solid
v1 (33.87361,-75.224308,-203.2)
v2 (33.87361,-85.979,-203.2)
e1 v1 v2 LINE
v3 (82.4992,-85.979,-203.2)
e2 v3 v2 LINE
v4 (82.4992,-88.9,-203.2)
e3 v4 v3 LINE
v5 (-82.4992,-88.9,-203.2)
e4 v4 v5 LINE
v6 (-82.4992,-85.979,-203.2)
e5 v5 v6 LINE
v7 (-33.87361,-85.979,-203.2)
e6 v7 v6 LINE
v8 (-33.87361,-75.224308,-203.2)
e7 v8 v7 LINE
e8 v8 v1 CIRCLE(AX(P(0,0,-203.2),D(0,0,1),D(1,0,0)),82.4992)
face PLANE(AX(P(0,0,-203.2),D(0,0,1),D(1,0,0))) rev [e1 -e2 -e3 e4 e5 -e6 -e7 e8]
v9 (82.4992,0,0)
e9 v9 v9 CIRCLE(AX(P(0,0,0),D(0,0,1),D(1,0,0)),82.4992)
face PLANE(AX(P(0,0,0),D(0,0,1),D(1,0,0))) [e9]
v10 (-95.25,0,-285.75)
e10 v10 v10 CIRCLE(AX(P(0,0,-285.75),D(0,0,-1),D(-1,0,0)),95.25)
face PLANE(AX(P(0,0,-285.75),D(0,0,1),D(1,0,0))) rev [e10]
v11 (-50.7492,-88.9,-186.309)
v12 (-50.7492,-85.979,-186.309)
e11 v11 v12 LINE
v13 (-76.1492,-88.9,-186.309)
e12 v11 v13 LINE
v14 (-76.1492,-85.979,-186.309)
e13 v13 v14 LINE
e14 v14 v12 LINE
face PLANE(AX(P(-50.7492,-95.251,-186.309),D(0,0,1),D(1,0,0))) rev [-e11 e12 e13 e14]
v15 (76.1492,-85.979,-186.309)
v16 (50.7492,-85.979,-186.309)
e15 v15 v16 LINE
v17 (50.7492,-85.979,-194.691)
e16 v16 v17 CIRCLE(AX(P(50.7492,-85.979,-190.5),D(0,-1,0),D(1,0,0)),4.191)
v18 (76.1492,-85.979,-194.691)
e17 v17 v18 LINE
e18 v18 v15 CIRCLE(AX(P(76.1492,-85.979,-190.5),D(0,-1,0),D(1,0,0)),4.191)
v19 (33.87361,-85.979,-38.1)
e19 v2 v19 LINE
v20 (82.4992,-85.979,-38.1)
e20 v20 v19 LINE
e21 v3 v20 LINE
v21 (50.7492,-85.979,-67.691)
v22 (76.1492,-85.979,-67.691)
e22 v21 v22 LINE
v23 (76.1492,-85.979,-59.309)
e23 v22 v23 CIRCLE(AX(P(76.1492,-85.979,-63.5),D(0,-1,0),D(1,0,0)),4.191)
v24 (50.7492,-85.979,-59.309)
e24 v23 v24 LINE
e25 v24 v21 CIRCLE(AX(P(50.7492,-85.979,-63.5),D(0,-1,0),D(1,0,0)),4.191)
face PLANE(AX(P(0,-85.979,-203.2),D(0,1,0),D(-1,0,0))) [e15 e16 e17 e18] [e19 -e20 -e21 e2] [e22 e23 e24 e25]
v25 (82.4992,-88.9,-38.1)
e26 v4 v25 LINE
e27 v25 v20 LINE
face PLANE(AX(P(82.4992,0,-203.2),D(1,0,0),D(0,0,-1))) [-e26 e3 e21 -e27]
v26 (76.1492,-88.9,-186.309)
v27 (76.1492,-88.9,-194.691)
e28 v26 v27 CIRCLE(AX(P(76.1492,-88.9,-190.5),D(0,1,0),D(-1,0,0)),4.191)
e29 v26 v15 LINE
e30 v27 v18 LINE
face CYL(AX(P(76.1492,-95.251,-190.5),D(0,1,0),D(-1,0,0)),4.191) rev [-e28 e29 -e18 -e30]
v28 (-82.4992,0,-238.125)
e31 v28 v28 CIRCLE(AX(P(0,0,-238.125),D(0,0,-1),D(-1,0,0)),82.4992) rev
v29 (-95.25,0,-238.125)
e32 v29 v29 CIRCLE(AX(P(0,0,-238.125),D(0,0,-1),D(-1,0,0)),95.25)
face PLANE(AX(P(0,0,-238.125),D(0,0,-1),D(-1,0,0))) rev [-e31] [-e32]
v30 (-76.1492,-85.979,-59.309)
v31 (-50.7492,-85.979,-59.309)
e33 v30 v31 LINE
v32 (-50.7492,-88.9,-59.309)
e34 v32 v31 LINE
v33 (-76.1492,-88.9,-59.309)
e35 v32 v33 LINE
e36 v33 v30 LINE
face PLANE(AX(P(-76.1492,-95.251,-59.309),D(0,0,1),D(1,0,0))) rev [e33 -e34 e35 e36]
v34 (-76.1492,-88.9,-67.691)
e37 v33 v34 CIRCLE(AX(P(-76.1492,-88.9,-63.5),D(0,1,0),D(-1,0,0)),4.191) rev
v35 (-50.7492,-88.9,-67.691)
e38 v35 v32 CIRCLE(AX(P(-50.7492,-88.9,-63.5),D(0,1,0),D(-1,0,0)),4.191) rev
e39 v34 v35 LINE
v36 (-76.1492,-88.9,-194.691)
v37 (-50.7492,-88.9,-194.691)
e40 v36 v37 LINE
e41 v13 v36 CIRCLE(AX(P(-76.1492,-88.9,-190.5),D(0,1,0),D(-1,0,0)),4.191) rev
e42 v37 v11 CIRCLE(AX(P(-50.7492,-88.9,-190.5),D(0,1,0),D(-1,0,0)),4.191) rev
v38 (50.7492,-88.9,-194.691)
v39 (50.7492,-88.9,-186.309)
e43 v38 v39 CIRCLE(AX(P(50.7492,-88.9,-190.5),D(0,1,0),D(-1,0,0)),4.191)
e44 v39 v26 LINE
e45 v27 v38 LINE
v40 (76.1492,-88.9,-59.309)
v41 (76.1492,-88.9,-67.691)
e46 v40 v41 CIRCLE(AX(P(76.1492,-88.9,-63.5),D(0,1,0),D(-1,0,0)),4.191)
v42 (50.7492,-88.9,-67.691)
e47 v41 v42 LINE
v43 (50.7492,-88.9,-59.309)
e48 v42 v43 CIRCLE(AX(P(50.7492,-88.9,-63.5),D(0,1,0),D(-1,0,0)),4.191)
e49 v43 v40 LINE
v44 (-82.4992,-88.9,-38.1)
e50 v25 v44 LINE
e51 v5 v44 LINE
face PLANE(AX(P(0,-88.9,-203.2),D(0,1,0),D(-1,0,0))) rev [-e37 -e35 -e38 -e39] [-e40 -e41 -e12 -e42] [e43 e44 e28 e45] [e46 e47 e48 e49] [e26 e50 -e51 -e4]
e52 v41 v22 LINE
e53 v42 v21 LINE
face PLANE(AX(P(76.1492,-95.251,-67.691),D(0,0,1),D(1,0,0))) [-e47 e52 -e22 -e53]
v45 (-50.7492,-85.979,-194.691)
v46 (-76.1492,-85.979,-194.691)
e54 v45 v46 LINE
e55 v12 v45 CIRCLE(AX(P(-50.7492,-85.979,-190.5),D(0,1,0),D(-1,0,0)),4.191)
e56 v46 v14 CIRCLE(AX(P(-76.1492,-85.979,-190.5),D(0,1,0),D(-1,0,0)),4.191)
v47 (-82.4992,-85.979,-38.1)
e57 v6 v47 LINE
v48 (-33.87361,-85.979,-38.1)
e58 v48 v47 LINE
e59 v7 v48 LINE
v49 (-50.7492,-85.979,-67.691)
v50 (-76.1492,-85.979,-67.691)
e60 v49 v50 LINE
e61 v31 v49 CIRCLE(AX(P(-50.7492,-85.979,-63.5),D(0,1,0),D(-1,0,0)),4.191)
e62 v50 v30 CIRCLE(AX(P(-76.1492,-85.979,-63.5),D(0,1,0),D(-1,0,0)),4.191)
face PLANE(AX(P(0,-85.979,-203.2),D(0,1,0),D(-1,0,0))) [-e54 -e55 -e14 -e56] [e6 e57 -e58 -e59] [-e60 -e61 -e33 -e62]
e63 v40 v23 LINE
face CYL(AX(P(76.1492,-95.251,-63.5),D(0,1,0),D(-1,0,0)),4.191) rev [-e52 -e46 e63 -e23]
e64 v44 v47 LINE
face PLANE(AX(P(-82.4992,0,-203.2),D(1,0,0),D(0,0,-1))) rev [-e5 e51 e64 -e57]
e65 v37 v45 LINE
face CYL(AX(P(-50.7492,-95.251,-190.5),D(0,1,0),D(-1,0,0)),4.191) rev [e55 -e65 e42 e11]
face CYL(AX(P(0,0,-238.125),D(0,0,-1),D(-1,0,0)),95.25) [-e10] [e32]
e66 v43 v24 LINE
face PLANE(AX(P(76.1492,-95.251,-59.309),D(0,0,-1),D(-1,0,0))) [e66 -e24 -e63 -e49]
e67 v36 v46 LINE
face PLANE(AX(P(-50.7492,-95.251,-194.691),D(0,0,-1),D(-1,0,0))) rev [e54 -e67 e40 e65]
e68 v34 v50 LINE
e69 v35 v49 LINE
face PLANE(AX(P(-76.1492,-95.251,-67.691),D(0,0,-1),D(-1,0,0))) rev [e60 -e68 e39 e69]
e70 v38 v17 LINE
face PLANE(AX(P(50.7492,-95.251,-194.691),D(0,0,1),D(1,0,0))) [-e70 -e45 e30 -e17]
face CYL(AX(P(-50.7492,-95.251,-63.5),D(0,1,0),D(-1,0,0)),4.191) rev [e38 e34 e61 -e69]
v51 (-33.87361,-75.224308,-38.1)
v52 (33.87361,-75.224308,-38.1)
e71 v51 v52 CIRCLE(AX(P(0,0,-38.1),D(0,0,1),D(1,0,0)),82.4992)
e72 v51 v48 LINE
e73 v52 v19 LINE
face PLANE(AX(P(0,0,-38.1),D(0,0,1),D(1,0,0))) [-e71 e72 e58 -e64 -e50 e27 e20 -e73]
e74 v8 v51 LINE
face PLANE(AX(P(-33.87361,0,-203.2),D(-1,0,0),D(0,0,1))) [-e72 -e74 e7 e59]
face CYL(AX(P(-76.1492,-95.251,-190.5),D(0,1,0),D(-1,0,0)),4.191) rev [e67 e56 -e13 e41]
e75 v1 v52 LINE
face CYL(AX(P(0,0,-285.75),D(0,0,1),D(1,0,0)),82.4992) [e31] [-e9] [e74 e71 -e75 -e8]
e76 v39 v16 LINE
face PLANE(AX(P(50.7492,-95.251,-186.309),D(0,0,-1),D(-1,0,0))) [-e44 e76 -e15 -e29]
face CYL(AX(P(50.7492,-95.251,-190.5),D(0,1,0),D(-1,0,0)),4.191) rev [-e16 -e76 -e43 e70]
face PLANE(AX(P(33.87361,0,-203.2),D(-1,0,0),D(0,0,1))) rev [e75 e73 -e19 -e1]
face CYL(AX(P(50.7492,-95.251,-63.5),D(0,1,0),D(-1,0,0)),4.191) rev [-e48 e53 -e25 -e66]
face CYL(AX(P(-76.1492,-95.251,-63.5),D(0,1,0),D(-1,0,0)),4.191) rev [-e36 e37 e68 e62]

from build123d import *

# Parameters (mm, degrees)
SKETCH1_R           = 82.4992
BOSS_EXTRUDE1_DEPTH = 285.75
SKETCH2_R           = 95.25
BOSS_EXTRUDE2_DEPTH = 47.625
SKETCH3_W           = 164.9984
SKETCH3_H           = 2.921
BOSS_EXTRUDE3_DEPTH = 165.1
CUT_EXTRUDE1_REACH  = 353.525


with BuildPart() as part:
    # Sketch1 → Boss-Extrude1 (new body)
    with BuildSketch(Plane.XY):
        Circle(SKETCH1_R)
    extrude(amount=-BOSS_EXTRUDE1_DEPTH)

    # Sketch2 → Boss-Extrude2 (add)
    with BuildSketch(Plane(origin=(0, 0, -285.75), x_dir=(-1, 0, 0), z_dir=(0, 0, -1))):
        Circle(SKETCH2_R)
    extrude(amount=-BOSS_EXTRUDE2_DEPTH)

    # Sketch3 → Boss-Extrude3 (add)
    with BuildSketch(Plane.XY.offset(-38.1)):
        with BuildLine():
            Line((-33.873610408, -85.979), (33.873610408, -85.979))
            Line((33.873610408, -85.979), (33.873610408, -75.22430803))
            ThreePointArc((33.873610408, -75.22430803), (0, -82.4992), (-33.873610408, -75.22430803))
            Line((-33.873610408, -75.22430803), (-33.873610408, -85.979))
        make_face()
        with Locations((0, -87.4395)):
            Rectangle(SKETCH3_W, SKETCH3_H)
    extrude(amount=-BOSS_EXTRUDE3_DEPTH)

    # Sketch4 → Cut-Extrude1 (cut, up to next)
    with BuildSketch(Plane(origin=(0, -85.979, 0), x_dir=(1, 0, 0), z_dir=(0, 1, 0)), mode=Mode.PRIVATE) as cut_extrude1_sk1:
        with BuildLine():
            Line((-76.1492, 67.691), (-50.7492, 67.691))
            ThreePointArc((-50.7492, 67.691), (-46.5582, 63.5), (-50.7492, 59.309))
            Line((-50.7492, 59.309), (-76.1492, 59.309))
            ThreePointArc((-76.1492, 59.309), (-80.3402, 63.5), (-76.1492, 67.691))
        make_face()
    cut_extrude1_tool1 = extrude(cut_extrude1_sk1.sketch, amount=-CUT_EXTRUDE1_REACH, mode=Mode.PRIVATE) & part.part
    # Sketch4 → Cut-Extrude1 (cut, up to next)
    with BuildSketch(Plane(origin=(0, -85.979, 0), x_dir=(1, 0, 0), z_dir=(0, 1, 0)), mode=Mode.PRIVATE) as cut_extrude1_sk2:
        with BuildLine():
            Line((-50.7492, 186.309), (-76.1492, 186.309))
            ThreePointArc((-76.1492, 186.309), (-80.3402, 190.5), (-76.1492, 194.691))
            Line((-76.1492, 194.691), (-50.7492, 194.691))
            ThreePointArc((-50.7492, 194.691), (-46.5582, 190.5), (-50.7492, 186.309))
        make_face()
    cut_extrude1_tool2 = extrude(cut_extrude1_sk2.sketch, amount=-CUT_EXTRUDE1_REACH, mode=Mode.PRIVATE) & part.part
    cut_extrude1_1 = cut_extrude1_tool1.solids().sort_by_distance((-63.4492, -85.979, -63.5))[0]
    add(cut_extrude1_1, mode=Mode.SUBTRACT)
    cut_extrude1_2 = cut_extrude1_tool2.solids().sort_by_distance((-63.4492, -85.979, -190.5))[0]
    add(cut_extrude1_2, mode=Mode.SUBTRACT)
    cut_extrude1 = cut_extrude1_1 + cut_extrude1_2  # Cut-Extrude1 as one shape, for the pattern or mirror that repeats it

    # Mirror1: Cut-Extrude1 across plane
    add(cut_extrude1.mirror(Plane(origin=(0, 0, 0), x_dir=(0, 0, 1), z_dir=(1, 0, 0))), mode=Mode.SUBTRACT)


solid = part.part
